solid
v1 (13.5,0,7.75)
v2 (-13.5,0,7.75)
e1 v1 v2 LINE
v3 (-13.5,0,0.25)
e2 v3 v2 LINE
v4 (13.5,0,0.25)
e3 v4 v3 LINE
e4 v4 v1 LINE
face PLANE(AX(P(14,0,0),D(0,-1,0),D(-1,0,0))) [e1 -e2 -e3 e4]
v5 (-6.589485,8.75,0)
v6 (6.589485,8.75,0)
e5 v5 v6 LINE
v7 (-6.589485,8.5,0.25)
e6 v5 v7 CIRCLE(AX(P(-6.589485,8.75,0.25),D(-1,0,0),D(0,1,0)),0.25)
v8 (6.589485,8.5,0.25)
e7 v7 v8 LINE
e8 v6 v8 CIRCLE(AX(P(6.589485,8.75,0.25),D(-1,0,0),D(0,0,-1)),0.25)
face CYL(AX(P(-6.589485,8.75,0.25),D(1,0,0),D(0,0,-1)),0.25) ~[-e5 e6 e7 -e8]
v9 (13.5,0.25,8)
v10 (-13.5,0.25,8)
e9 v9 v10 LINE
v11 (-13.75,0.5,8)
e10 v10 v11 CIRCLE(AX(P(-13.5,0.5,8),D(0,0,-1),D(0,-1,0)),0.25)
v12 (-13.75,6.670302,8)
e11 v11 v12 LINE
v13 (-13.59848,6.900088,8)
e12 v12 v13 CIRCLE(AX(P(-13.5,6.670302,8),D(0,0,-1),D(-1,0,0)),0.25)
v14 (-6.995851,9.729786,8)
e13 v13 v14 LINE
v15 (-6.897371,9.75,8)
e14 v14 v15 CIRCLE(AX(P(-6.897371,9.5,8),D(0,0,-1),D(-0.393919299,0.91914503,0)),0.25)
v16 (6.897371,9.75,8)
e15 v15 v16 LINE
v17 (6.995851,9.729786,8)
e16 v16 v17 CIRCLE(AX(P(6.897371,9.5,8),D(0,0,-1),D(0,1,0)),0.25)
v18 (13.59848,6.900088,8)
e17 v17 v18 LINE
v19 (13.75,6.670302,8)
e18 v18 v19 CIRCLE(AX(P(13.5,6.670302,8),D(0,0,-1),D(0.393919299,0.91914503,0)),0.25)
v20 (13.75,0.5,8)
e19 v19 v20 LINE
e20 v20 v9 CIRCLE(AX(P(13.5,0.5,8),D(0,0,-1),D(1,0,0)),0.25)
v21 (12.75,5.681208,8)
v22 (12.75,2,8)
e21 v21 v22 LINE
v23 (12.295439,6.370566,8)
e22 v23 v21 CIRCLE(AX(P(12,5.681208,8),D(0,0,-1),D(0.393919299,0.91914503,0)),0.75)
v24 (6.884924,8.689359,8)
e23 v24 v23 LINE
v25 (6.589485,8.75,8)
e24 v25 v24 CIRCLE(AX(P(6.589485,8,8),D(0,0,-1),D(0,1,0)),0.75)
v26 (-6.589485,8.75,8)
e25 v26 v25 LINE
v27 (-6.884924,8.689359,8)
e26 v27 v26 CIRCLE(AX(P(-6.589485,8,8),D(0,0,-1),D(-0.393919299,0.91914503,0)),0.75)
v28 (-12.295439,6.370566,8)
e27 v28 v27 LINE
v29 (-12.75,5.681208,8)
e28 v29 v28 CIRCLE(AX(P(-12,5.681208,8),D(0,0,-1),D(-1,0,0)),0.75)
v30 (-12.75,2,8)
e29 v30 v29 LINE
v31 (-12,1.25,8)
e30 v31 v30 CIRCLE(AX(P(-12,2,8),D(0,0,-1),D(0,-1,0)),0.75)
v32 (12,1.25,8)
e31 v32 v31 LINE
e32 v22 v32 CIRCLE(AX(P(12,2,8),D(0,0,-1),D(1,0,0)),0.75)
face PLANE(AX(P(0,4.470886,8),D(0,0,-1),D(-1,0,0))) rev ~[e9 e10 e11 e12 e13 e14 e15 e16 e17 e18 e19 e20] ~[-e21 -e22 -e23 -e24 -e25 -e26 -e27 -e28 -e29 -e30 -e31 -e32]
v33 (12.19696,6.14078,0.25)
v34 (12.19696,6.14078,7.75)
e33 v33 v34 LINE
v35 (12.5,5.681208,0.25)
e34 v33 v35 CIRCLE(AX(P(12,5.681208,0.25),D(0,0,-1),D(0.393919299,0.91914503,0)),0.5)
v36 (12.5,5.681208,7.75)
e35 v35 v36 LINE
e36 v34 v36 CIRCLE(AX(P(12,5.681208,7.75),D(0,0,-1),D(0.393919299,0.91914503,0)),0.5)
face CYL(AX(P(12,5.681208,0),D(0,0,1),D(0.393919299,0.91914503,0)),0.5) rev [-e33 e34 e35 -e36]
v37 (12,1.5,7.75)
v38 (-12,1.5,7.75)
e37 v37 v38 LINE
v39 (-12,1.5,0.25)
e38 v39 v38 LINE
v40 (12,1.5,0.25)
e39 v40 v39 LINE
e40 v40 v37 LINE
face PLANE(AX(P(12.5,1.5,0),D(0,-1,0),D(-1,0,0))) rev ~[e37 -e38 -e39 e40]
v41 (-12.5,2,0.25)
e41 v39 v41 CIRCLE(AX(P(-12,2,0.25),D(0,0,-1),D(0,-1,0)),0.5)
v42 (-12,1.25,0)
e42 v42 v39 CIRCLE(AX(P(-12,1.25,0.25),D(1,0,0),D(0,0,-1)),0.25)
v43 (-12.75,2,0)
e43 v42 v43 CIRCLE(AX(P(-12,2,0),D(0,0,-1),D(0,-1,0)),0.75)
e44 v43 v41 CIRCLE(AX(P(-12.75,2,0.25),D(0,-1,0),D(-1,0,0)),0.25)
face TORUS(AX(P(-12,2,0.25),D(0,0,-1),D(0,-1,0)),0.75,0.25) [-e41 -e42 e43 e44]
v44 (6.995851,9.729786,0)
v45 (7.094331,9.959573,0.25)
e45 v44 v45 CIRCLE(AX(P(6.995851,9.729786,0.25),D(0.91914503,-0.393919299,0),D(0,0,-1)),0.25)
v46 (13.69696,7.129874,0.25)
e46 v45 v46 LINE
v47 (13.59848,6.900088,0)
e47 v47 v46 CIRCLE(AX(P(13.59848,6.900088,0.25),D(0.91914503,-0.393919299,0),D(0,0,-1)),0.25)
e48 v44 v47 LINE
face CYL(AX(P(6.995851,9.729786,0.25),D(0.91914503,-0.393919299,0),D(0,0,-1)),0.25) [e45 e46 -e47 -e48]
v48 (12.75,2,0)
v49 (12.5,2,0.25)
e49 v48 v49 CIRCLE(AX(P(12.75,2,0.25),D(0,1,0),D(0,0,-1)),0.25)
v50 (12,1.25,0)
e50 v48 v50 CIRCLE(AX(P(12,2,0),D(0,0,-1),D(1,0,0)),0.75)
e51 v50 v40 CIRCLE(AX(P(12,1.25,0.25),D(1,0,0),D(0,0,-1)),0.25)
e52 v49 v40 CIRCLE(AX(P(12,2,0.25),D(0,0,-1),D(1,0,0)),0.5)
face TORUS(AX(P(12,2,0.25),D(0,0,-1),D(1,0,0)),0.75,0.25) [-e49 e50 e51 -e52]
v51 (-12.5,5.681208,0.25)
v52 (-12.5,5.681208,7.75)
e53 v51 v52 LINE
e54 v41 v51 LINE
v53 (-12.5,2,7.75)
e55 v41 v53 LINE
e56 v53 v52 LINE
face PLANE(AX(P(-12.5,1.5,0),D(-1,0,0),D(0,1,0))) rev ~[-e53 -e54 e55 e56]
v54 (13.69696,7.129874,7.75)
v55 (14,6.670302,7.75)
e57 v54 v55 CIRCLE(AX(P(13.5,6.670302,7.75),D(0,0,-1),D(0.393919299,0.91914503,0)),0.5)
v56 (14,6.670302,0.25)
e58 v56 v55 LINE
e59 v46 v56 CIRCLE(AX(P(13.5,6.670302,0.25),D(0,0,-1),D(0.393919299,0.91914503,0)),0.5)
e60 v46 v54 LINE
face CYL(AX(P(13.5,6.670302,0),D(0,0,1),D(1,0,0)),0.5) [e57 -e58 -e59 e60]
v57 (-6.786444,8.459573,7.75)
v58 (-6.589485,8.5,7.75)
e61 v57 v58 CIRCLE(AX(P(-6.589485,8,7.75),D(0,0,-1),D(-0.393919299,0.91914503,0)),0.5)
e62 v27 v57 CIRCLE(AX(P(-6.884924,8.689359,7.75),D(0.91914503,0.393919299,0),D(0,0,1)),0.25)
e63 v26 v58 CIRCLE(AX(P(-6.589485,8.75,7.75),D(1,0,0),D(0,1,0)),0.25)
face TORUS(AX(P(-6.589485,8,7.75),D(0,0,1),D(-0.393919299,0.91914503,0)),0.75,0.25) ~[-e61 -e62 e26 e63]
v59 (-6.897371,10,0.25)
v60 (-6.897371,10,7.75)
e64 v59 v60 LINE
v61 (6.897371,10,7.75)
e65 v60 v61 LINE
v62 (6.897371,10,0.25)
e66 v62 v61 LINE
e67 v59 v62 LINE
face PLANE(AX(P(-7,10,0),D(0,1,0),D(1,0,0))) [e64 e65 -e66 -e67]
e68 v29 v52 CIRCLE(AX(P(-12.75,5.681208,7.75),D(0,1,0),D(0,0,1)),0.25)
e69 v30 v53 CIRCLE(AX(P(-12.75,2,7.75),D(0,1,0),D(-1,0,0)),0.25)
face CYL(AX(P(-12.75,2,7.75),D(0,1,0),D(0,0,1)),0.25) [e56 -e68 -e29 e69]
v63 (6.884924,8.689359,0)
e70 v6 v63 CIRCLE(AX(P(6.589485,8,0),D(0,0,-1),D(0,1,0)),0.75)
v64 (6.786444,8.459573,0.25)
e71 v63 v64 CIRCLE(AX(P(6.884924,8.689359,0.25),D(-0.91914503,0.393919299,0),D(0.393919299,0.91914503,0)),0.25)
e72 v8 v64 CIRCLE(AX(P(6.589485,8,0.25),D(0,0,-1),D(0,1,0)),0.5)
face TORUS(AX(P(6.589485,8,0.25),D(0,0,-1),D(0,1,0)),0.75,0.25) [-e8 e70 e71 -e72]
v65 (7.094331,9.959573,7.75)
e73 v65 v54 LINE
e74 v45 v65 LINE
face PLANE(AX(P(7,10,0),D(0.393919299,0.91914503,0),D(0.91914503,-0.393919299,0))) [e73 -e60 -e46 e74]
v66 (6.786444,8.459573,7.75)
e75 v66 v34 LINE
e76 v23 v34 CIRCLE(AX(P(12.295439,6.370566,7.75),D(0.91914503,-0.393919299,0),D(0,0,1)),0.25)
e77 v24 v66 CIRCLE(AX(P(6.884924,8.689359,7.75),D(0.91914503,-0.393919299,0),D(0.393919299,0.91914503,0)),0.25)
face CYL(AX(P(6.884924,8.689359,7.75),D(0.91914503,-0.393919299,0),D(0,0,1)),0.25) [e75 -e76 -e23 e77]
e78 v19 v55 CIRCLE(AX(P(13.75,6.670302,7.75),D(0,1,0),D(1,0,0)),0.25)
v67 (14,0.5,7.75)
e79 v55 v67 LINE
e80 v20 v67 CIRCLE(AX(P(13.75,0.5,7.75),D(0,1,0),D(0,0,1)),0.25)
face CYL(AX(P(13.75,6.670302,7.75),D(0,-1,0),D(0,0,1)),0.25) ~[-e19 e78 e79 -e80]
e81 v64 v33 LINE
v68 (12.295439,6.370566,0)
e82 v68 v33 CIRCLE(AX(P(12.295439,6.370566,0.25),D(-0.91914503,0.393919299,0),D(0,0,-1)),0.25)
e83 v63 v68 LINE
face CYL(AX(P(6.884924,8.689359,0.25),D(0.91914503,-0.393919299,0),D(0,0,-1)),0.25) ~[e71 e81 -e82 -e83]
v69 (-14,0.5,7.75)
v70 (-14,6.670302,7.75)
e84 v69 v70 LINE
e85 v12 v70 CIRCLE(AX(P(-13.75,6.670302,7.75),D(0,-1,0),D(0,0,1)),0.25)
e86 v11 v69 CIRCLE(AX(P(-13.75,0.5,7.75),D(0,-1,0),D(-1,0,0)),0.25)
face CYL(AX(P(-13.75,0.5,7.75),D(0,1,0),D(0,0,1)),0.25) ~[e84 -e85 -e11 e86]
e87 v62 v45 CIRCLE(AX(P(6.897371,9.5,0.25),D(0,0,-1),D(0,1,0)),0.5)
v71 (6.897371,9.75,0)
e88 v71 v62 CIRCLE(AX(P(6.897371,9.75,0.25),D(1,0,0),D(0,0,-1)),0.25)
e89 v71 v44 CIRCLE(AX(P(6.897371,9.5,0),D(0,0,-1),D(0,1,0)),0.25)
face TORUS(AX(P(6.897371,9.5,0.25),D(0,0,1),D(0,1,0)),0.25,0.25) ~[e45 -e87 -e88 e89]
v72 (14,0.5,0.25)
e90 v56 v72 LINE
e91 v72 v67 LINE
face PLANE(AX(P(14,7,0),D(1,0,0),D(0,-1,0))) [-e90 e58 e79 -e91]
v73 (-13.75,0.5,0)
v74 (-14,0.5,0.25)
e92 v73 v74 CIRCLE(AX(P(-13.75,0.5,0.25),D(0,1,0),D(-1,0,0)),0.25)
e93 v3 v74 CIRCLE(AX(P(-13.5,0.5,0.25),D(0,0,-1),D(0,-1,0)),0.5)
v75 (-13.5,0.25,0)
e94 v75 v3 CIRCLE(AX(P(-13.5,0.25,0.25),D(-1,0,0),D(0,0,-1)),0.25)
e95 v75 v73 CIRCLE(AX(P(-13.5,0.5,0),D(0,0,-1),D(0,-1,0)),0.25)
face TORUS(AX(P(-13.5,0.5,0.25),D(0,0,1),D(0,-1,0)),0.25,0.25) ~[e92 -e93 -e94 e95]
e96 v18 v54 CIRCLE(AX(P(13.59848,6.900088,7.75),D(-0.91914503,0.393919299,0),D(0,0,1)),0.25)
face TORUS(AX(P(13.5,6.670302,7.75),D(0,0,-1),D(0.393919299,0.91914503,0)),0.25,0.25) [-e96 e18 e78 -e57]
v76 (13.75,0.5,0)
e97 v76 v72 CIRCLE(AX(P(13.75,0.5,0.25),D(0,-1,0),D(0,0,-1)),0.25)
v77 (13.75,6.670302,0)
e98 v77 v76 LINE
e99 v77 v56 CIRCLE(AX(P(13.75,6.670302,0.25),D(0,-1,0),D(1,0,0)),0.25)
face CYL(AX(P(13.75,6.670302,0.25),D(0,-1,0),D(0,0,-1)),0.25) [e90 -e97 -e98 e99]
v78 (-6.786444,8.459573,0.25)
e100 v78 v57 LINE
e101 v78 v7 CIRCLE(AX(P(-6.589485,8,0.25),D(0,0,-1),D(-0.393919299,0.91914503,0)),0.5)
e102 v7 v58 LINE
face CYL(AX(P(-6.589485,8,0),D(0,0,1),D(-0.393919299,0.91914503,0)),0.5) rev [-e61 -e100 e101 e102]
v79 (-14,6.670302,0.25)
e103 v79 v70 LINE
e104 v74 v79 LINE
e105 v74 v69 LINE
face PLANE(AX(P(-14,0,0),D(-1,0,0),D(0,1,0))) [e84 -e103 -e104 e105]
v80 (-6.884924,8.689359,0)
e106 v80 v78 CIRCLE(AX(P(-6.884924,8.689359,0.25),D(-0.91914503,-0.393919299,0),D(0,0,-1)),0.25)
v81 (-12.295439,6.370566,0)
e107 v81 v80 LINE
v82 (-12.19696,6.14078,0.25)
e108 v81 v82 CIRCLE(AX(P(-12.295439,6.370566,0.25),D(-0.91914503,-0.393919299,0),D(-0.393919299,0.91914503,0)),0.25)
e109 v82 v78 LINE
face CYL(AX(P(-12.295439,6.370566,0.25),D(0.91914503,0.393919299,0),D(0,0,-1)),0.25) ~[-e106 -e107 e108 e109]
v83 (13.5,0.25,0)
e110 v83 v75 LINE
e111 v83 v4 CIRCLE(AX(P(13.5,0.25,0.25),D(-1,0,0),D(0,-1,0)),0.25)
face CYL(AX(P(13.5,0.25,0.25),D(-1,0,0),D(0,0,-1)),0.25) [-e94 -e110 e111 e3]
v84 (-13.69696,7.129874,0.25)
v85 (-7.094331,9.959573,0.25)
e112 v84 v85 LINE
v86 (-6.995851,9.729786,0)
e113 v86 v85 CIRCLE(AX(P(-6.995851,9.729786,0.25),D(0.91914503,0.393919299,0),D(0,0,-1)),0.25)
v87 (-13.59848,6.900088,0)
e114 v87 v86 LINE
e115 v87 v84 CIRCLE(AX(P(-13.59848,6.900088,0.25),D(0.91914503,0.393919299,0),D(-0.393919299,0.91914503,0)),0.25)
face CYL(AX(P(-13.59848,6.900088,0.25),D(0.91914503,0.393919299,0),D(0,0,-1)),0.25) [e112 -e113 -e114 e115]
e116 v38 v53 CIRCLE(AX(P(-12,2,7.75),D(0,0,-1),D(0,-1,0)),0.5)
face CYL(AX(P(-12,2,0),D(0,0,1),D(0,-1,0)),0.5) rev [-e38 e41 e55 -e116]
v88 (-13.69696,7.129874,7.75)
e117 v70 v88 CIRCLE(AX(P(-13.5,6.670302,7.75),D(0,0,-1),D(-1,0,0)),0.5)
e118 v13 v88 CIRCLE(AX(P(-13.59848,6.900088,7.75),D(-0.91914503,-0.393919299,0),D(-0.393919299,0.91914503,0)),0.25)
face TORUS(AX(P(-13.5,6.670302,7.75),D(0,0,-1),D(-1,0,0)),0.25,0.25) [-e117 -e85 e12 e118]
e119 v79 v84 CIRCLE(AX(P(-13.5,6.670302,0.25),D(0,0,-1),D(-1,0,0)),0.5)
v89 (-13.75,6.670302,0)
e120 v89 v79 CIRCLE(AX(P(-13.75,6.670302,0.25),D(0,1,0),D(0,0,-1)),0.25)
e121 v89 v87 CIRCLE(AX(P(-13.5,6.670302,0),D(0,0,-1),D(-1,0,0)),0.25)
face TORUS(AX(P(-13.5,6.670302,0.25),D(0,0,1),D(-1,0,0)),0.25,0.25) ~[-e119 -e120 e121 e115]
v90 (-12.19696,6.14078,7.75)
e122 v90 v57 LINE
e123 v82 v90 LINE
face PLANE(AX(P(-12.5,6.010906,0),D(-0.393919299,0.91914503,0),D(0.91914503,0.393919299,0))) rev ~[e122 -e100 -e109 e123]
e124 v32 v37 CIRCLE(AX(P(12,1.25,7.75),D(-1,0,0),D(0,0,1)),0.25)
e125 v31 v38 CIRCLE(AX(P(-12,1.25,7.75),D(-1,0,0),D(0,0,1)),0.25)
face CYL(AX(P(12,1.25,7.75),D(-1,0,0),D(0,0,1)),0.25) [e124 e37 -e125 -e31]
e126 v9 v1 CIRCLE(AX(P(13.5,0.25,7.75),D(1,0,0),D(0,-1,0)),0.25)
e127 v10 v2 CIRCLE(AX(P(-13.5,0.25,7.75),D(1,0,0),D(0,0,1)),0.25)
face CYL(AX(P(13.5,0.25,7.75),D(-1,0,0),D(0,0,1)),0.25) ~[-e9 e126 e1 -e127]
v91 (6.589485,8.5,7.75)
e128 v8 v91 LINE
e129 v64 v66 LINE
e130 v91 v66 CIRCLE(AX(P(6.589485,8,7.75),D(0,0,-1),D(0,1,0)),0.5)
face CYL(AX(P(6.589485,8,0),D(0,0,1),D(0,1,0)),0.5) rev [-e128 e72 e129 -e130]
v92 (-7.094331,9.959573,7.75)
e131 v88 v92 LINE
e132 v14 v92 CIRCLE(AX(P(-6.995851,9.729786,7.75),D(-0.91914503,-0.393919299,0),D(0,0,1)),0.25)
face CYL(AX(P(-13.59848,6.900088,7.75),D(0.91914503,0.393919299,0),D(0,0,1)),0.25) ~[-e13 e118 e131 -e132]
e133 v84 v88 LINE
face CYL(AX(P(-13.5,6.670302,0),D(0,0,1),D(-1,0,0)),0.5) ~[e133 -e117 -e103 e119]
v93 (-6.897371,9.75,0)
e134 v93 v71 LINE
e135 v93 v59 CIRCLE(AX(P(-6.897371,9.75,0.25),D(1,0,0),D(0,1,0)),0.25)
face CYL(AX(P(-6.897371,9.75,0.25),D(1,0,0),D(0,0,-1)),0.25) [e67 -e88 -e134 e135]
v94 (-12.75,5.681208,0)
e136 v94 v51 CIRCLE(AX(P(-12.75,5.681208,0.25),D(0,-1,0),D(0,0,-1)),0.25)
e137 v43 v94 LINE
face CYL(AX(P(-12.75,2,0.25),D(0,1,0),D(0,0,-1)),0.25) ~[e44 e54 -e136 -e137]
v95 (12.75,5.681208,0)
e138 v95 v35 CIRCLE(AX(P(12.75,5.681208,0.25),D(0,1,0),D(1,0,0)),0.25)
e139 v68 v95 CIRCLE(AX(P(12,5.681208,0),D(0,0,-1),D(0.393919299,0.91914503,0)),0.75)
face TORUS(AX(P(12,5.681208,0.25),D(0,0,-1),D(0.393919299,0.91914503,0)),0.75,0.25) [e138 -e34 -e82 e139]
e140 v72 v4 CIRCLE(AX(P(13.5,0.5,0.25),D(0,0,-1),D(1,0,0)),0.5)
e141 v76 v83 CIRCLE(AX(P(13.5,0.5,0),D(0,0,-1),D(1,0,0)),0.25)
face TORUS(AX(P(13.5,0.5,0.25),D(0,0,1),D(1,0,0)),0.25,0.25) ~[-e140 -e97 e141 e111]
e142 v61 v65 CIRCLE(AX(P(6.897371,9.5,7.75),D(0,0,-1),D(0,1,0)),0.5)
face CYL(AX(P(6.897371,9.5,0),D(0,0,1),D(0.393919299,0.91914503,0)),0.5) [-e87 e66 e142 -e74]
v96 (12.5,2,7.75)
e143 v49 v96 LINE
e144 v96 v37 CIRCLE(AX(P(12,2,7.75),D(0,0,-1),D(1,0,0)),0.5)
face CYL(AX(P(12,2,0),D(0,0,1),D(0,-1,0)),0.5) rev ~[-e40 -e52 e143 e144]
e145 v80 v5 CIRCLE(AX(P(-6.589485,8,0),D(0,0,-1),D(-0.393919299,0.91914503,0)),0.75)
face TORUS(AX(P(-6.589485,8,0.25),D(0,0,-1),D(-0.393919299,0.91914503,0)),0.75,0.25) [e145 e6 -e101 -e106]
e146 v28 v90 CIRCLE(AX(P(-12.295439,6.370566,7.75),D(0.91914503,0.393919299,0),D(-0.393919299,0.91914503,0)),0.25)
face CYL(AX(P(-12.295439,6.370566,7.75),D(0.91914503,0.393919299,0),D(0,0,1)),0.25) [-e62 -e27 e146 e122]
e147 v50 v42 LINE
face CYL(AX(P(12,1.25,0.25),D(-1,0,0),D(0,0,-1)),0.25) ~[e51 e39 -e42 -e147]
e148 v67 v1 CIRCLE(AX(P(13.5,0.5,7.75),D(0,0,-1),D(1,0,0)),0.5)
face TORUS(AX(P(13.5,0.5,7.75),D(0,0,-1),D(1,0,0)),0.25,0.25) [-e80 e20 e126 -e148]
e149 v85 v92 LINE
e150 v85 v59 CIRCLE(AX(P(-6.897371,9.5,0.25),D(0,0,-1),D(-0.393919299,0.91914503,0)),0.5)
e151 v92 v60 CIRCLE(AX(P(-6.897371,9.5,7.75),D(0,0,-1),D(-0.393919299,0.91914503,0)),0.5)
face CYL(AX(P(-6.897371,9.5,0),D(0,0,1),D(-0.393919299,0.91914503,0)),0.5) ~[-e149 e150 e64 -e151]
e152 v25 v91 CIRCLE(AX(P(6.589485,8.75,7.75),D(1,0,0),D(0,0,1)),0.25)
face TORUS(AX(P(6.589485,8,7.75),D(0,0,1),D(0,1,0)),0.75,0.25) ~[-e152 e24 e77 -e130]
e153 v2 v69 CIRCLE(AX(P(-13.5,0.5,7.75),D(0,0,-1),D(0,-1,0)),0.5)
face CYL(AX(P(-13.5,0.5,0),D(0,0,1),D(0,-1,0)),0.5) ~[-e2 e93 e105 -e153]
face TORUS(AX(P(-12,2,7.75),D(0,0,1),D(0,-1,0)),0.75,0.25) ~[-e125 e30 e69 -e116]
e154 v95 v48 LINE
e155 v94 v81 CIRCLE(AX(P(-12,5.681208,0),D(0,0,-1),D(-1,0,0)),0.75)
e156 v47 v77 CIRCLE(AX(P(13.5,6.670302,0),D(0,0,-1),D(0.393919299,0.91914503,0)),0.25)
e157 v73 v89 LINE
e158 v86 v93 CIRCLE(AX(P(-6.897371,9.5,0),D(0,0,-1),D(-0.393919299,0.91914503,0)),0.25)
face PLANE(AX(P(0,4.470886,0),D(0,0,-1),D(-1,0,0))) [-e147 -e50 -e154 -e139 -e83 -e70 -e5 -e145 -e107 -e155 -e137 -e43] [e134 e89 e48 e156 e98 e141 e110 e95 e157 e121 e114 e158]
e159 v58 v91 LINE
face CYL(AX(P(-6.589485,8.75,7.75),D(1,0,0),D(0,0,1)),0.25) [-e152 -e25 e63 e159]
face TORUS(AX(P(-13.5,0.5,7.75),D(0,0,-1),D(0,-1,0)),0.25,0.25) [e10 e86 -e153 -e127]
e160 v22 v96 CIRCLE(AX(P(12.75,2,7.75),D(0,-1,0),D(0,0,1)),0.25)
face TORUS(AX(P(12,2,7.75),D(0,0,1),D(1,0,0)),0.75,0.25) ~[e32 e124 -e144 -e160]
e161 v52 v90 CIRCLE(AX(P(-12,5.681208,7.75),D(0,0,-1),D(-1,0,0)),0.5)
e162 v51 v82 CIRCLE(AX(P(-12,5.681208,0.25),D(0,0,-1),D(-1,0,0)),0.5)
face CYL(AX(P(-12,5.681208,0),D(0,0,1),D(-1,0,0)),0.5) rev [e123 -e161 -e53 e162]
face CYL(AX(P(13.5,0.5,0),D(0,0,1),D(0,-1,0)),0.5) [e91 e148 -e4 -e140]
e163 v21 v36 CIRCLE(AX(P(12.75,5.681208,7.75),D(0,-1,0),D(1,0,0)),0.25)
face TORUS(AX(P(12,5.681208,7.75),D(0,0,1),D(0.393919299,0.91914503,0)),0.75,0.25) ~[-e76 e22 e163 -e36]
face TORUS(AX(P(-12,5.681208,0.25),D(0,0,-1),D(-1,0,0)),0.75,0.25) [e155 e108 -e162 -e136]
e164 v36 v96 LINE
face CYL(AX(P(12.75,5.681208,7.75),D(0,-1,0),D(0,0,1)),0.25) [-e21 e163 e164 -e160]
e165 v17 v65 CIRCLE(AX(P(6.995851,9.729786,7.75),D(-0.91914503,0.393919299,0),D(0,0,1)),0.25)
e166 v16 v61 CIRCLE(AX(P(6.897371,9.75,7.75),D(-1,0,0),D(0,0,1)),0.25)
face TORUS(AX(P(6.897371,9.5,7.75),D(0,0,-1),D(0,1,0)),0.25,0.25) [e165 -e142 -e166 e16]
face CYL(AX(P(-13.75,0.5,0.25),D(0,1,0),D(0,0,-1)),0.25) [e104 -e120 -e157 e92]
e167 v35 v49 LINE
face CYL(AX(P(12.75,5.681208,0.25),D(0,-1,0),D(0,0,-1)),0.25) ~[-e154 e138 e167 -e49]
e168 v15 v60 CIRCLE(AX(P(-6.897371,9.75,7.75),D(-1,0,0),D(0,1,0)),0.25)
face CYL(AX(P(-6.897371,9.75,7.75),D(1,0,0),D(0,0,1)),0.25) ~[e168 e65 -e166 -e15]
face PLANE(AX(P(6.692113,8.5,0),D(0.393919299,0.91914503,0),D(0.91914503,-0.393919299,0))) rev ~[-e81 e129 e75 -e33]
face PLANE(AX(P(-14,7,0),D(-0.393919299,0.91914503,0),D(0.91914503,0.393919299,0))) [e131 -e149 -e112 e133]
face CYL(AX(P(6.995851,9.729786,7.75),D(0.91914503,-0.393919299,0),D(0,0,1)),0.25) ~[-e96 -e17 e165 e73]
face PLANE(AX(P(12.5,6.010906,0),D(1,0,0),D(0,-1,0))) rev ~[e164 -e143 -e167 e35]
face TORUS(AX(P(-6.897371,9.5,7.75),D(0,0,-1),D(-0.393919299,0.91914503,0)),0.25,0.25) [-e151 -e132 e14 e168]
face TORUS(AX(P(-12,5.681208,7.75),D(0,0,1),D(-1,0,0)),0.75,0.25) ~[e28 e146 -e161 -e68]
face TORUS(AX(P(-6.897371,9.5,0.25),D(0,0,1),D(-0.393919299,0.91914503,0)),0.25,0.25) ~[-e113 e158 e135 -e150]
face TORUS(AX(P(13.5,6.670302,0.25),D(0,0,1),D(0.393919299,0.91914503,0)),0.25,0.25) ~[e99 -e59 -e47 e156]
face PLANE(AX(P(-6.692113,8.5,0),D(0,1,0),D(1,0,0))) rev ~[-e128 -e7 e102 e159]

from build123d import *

# Parameters (mm, degrees)
BOSS_EXTRUDE1_DEPTH = 8
FILLET1_R           = 0.5
FILLET2_R           = 0.25


with BuildPart() as part:
    # Sketch1 → Boss-Extrude1 (new body)
    with BuildSketch(Plane.XY):
        Polygon((14, 0), (-14, 0), (-14, 7), (-7, 10), (7, 10), (14, 7), align=None)
        Polygon((12.5, 1.5), (-12.5, 1.5), (-12.5, 6.010905763), (-6.692113447, 8.5), (6.692113447, 8.5), (12.5, 6.010905763), align=None, mode=Mode.SUBTRACT)
    extrude(amount=BOSS_EXTRUDE1_DEPTH)

    # Fillet1
    fillet1_edges = [part.edges().sort_by_distance(p)[0] for p in [
        (14, 0, 4),
        (-14, 0, 4),
        (-14, 7, 4),
        (-7, 10, 4),
        (7, 10, 4),
        (14, 7, 4),
        (12.5, 1.5, 4),
        (12.5, 6.010905763, 4),
        (6.692113447, 8.5, 4),
        (-6.692113447, 8.5, 4),
        (-12.5, 6.010905763, 4),
        (-12.5, 1.5, 4),
    ]]
    fillet(fillet1_edges, radius=FILLET1_R)

    # Fillet2
    fillet2_edges = [part.edges().sort_by_distance(p)[0] for p in [
        (0, 1.5, 0),
        (0, 1.5, 8),
        (12.5, 3.840603842, 0),
        (12.5, 3.840603842, 8),
        (9.491701947, 7.300176357, 0),
        (9.491701947, 7.300176357, 8),
        (0, 8.5, 0),
        (0, 8.5, 8),
        (-9.491701947, 7.300176357, 0),
        (-9.491701947, 7.300176357, 8),
        (-12.5, 3.840603842, 0),
        (-12.5, 3.840603842, 8),
        (10.395645224, 8.544723476, 0),
        (10.395645224, 8.544723476, 8),
        (14, 3.585150961, 0),
        (0, 0, 0),
        (-14, 3.585150961, 0),
        (-10.395645224, 8.544723476, 0),
        (0, 10, 0),
        (6.997904085, 9.989788861, 0),
        (-6.997904085, 9.989788861, 0),
        (-13.917420546, 6.945547425, 0),
        (-13.853553391, 0.146446609, 0),
        (13.853553391, 0.146446609, 0),
        (13.917420546, 6.945547425, 0),
        (14, 3.585150961, 8),
        (0, 10, 8),
        (-10.395645224, 8.544723476, 8),
        (-14, 3.585150961, 8),
        (0, 0, 8),
        (6.997904085, 9.989788861, 8),
        (-6.997904085, 9.989788861, 8),
        (-13.917420546, 6.945547425, 8),
        (-13.853553391, 0.146446609, 8),
        (13.853553391, 0.146446609, 8),
        (13.917420546, 6.945547425, 8),
        (12.353553391, 1.646446609, 0),
        (12.353553391, 1.646446609, 8),
        (12.417420546, 5.956453188, 0),
        (12.417420546, 5.956453188, 8),
        (6.690017532, 8.489788861, 0),
        (6.690017532, 8.489788861, 8),
        (-6.690017532, 8.489788861, 0),
        (-6.690017532, 8.489788861, 8),
        (-12.417420546, 5.956453188, 0),
        (-12.417420546, 5.956453188, 8),
        (-12.353553391, 1.646446609, 0),
        (-12.353553391, 1.646446609, 8),
    ]]
    fillet(fillet2_edges, radius=FILLET2_R)


solid = part.part
